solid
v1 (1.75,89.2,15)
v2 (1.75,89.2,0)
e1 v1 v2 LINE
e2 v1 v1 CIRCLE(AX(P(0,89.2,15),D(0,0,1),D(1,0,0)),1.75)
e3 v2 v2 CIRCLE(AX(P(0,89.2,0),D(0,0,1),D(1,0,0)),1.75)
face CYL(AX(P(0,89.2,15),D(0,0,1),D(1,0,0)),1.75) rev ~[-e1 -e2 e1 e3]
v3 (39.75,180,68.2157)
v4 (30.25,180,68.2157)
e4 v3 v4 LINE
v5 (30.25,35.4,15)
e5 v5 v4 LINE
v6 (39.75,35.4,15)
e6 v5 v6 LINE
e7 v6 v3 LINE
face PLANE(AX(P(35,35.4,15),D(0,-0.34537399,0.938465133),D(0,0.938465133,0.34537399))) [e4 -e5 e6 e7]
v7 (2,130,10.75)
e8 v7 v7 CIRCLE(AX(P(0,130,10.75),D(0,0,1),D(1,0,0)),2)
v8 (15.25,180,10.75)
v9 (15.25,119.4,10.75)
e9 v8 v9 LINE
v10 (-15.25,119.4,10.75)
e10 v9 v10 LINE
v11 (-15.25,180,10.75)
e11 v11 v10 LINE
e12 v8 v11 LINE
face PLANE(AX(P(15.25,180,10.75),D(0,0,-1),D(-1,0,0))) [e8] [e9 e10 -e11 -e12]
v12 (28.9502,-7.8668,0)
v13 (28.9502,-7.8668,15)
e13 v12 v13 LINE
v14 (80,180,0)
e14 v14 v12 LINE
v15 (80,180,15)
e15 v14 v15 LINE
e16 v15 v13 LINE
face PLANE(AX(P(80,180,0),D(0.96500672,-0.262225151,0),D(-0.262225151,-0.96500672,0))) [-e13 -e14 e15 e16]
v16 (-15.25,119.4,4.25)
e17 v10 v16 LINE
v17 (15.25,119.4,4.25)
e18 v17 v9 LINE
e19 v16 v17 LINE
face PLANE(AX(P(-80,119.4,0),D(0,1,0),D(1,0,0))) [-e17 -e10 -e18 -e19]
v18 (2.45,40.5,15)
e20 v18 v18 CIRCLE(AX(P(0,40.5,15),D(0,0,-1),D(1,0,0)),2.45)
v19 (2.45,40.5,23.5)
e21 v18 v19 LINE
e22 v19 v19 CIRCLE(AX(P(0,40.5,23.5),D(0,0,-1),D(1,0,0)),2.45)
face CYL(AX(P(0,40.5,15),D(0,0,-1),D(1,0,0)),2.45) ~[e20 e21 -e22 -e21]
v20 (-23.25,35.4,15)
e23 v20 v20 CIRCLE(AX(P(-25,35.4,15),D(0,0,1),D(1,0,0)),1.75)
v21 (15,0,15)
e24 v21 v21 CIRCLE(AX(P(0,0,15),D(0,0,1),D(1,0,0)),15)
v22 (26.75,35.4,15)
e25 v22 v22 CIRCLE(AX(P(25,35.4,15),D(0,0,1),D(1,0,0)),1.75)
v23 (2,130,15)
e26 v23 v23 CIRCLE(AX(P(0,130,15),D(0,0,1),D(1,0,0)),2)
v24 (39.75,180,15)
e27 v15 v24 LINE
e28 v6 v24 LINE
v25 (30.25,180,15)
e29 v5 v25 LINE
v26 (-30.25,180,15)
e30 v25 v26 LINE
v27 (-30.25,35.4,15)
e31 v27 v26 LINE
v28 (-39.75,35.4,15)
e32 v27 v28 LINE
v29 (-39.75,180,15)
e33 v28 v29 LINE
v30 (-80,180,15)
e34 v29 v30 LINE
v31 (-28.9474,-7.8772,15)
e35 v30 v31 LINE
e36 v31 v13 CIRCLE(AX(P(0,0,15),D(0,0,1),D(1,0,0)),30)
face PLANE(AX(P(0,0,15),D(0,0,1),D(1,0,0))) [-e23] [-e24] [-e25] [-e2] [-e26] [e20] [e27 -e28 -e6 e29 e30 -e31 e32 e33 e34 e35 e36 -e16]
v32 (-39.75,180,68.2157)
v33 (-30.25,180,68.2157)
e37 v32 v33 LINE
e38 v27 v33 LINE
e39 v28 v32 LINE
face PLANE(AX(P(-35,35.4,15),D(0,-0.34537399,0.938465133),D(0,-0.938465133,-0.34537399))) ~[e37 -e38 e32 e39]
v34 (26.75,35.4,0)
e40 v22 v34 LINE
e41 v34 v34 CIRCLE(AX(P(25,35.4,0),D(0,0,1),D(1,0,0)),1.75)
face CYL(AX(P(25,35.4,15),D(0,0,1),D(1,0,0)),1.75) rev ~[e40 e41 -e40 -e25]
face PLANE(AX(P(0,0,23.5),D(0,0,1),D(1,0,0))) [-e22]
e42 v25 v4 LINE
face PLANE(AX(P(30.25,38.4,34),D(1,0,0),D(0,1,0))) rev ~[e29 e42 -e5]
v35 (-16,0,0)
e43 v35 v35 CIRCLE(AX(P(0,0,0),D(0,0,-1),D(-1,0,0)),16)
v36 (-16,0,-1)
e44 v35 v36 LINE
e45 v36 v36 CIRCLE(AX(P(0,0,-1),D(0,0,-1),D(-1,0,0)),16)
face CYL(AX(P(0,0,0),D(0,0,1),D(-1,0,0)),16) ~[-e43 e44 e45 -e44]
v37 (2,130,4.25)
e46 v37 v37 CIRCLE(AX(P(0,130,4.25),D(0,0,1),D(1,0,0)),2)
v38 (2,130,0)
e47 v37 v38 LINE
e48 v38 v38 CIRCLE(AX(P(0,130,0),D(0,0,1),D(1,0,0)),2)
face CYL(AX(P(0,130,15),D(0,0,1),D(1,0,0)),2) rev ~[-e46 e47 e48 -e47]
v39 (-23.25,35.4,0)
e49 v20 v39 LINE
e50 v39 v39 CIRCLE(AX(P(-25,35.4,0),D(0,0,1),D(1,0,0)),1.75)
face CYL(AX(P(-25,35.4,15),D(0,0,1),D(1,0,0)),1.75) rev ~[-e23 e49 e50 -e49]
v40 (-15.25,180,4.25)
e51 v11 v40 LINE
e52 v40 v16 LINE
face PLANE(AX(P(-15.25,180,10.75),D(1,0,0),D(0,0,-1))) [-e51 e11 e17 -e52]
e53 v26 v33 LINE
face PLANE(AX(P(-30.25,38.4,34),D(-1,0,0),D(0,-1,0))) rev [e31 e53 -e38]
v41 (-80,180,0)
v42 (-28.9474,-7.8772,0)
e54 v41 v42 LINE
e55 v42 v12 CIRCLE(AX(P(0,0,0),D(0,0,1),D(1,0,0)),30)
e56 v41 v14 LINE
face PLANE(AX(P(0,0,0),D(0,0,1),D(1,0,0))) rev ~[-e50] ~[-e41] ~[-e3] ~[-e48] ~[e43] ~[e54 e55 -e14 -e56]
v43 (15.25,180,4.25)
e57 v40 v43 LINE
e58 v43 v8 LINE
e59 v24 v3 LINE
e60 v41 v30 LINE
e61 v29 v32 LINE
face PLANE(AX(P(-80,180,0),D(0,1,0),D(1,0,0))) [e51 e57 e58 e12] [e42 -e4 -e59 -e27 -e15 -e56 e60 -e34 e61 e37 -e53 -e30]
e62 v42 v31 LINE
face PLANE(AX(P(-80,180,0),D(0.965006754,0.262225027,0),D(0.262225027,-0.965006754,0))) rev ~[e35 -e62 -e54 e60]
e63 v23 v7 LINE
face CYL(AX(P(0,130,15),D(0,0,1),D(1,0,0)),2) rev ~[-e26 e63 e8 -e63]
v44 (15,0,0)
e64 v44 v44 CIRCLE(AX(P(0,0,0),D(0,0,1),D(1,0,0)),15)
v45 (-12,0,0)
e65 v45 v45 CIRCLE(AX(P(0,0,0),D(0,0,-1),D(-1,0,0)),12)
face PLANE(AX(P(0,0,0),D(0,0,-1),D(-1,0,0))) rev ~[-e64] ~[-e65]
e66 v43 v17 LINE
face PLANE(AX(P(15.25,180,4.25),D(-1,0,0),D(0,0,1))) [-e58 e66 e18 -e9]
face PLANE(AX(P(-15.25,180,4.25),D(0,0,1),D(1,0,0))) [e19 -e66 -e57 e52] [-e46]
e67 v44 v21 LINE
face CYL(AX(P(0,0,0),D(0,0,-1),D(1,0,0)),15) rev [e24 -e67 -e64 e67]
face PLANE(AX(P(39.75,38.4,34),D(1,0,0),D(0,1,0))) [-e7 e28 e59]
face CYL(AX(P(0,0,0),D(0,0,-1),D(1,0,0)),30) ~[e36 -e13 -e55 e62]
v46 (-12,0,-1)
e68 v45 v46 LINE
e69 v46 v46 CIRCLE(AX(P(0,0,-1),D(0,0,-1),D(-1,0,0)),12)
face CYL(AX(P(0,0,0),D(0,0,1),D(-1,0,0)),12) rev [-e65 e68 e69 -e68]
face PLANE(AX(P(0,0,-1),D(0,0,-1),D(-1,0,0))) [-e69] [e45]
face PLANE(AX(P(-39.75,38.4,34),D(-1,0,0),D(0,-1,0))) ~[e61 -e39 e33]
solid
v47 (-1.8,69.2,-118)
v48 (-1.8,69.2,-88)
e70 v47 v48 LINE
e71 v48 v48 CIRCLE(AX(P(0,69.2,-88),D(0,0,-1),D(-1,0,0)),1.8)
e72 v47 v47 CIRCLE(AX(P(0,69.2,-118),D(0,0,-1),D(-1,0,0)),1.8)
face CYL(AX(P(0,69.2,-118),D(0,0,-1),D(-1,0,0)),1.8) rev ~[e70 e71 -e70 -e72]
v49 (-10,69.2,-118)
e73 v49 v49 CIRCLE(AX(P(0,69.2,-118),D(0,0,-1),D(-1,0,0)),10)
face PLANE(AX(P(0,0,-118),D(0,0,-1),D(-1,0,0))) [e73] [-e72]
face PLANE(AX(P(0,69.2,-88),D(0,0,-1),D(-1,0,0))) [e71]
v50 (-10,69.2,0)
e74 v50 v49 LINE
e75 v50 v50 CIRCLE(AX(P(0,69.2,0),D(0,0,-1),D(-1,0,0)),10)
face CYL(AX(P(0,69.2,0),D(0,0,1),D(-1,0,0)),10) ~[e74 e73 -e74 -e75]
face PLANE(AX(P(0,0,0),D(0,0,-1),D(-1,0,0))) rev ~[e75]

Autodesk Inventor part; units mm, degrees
ref_plane "YZ Plane" through (0, 0, 0) normal (1, 0, 0) x (0, 1, 0)
ref_plane "XZ Plane" through (0, 0, 0) normal (0, 1, 0) x (-1, 0, 0)
sketch "스케치1" plane through (0, 0, 0) normal (0, 0, 1) x (1, 0, 0)
  circle A0 centre (0, 0) radius 15
  circle A1 centre (0, 0) radius 30
  line L0 (80, 180) -> (0, 180)
  line L1 (80, 180) -> (28.9502, -7.8668)
  line L2 (-80, 180) -> (0, 180)
  line L3 (-80, 180) -> (-28.9474, -7.8772)
  line L4 (0, 180) -> (0, 141) construction
  circle A2 centre (0, 0) radius 5 projected
  circle A3 centre (0, 0) radius 7.5 projected
  circle A4 centre (0, 0) radius 5.5 projected
  point P0 (-28.9502, -7.8668)
  dimension "d8" = 60
  dimension "d4" = 80
  dimension "d7" = 30
  dimension "d24" = 180
extrude "돌출1" add sketch "스케치1" along normal blind 15 contours A1 | A1 L3 L2 L0 L1
sketch "스케치2" plane through (0, 0, 15) normal (0, 0, 1) x (1, 0, 0)
  arc A0 (-28.9502, -7.8668) -> (28.9502, -7.8668) centre (0, 0) ccw projected
  circle A1 centre (0, 0) radius 15 projected
  line L0 (0, 0) -> (0, 40.5)
  line L1 (10, 30.7) -> (-10, 30.7)
  line L2 (-10, 30.7) -> (-10, 85.7)
  line L3 (-10, 85.7) -> (10, 85.7)
  line L4 (10, 85.7) -> (10, 30.7)
  circle A2 centre (0, 40.5) radius 2.45
  dimension "d10" = 9.8
  dimension "d11" = 20
  dimension "d12" = 40.5
  dimension "d13" = 55
  dimension "d14" = 4.9
extrude "돌출2" add sketch "스케치2" along normal blind 8.5 contours A2
sketch "스케치3" plane through (0, 0, 15) normal (0, 0, 1) x (1, 0, 0)
  circle A0 centre (-25, 35.4) radius 2 projected
  circle A1 centre (0, 40.5) radius 2.45 projected
  line L0 (28.9502, -7.8668) -> (80, 180) projected
  line L1 (80, 180) -> (-80, 180) projected
  line L2 (-80, 180) -> (-28.9502, -7.8668) projected
  arc A2 (-28.9502, -7.8668) -> (28.9502, -7.8668) centre (0, 0) ccw projected
  circle A3 centre (0, 0) radius 15 projected
  circle A4 centre (25, 35.4) radius 2 projected
  circle A5 centre (0, 89.2) radius 2 projected
  circle A6 centre (-25, 35.4) radius 1.75
  circle A7 centre (25, 35.4) radius 1.75
  circle A8 centre (0, 89.2) radius 1.75
  dimension "d19" = 3.5
  dimension "d20" = 3.5
  dimension "d21" = 3.5
extrude "돌출3" cut sketch "스케치3" against normal through all contours A6 | A7 | A8
ref_plane "작업 평면1" through (35, 38.4, 34) normal (1, 0, 0) x (0, 1, 0)
sketch "스케치4" plane through (35, 38.4, 34) normal (1, 0, 0) x (0, 1, 0)
  line L0 (-46.2668, -19) -> (141.6, -19) projected
  line L1 (154.6, -242) -> (154.6, 58) projected
  line L2 (-3, -19) -> (141.6, 34.2157)
  line L3 (-46.2668, -34) -> (141.6, -34) projected
  line L4 (141.6, -34) -> (141.6, -19) projected
  line L5 (-46.2668, -19) -> (141.6, -19) projected
  line L6 (-46.2668, -34) -> (-46.2668, -19) projected
  line L7 (141.6, -19) -> (141.6, 34.2157)
  point P0 (-38.4, -34)
  point P1 (154.6, 58)
extrude "돌출4" add sketch "스케치4" along normal mid plane 9.5 contours L2 L7 L0
mirror "미러1" about plane through (0, 0, 0) normal (1, 0, 0) of "돌출4"
sketch "스케치5" plane through (0, 0, 15) normal (0, 0, 1) x (1, 0, 0)
  line L0 (-39.75, 35.4) -> (-39.75, 180) projected
  line L1 (-39.75, 180) -> (-80, 180) projected
  line L2 (-80, 180) -> (-28.9502, -7.8668) projected
  arc A0 (-28.9502, -7.8668) -> (28.9502, -7.8668) centre (0, 0) ccw projected
  line L3 (28.9502, -7.8668) -> (80, 180) projected
  line L4 (80, 180) -> (39.75, 180) projected
  line L5 (39.75, 180) -> (39.75, 35.4) projected
  line L6 (39.75, 35.4) -> (30.25, 35.4) projected
  line L7 (30.25, 35.4) -> (30.25, 180) projected
  line L8 (30.25, 180) -> (-30.25, 180) projected
  line L9 (-30.25, 180) -> (-30.25, 35.4) projected
  line L10 (-30.25, 35.4) -> (-39.75, 35.4) projected
  circle A1 centre (0, 0) radius 15 projected
  circle A2 centre (0, 40.5) radius 2.45 projected
  circle A3 centre (25, 35.4) radius 1.75 projected
  circle A4 centre (-25, 35.4) radius 1.75 projected
  circle A5 centre (0, 89.2) radius 1.75 projected
sketch "스케치6" plane through (-80, 180, 0) normal (0, 1, 0) x (1, 0, 0)
  line L0 (160, 0) -> (0, 0) projected
  line L1 (110.25, -15) -> (49.75, -15) projected
  line L2 (65, -4.5) -> (95, -4.5)
  line L3 (95, -4.5) -> (95, -10.5)
  line L4 (95, -10.5) -> (65, -10.5)
  line L5 (65, -10.5) -> (65, -4.5)
  line L6 (80, 0) -> (80, -15) construction
  line L7 (64.75, -4.25) -> (95.25, -4.25)
  line L8 (95.25, -4.25) -> (95.25, -10.75)
  line L9 (95.25, -10.75) -> (64.75, -10.75)
  line L10 (64.75, -10.75) -> (64.75, -4.25)
  dimension "d25" = 6
  dimension "d26" = 30
  dimension "d27" = 4.5
  dimension "d28" = 0.25
extrude "돌출5" cut sketch "스케치6" against normal blind 60.6 contours L2 L3 L4 L5 | L7 L8 L9 L10
sketch "스케치7" plane through (0, 0, 15) normal (0, 0, 1) x (1, 0, 0)
  line L0 (30.25, 180) -> (-30.25, 180) projected
  circle A0 centre (0, 89.2) radius 1.75 projected
  circle A1 centre (0, 130) radius 2
  dimension "d31" = 4
  dimension "d32" = 50
extrude "돌출6" cut sketch "스케치7" against normal through all contours A1
sketch "스케치10" plane through (0, 0, 0) normal (0, 0, -1) x (-1, 0, 0)
  circle A0 centre (0, 0) radius 15 projected
  circle A1 centre (0, 0) radius 12
  circle A2 centre (0, 0) radius 16
  dimension "d42" = 3
  dimension "d43" = 1
extrude "돌출9" add sketch "스케치10" along normal blind 1 contours A0 | A2
sketch "스케치8" plane through (0, 0, 0) normal (0, 0, -1) x (-1, 0, 0)
  circle A0 centre (0, 89.2) radius 1.75 projected
  circle A1 centre (0, 69.2) radius 10
  dimension "d35" = 20
  dimension "d36" = 20
ref_plane "작업 평면2" through (-80, -30, -118) normal (0, 0, 1) x (1, 0, 0)
extrude "돌출7" add sketch "스케치8" along normal up to surface (118 mm away) separate body contours A1
sketch "스케치9" plane through (0, 69.2, -118) normal (0, 0, -1) x (-1, 0, 0)
  circle A0 centre (0, 0) radius 10 projected
  circle A1 centre (0, 0) radius 1.8
  point P0 (0, -69.2)
  dimension "d39" = 3.6
extrude "돌출8" cut sketch "스케치9" against normal blind 30 contours A1 bodies 2
properties part number "Pitch_axis"
